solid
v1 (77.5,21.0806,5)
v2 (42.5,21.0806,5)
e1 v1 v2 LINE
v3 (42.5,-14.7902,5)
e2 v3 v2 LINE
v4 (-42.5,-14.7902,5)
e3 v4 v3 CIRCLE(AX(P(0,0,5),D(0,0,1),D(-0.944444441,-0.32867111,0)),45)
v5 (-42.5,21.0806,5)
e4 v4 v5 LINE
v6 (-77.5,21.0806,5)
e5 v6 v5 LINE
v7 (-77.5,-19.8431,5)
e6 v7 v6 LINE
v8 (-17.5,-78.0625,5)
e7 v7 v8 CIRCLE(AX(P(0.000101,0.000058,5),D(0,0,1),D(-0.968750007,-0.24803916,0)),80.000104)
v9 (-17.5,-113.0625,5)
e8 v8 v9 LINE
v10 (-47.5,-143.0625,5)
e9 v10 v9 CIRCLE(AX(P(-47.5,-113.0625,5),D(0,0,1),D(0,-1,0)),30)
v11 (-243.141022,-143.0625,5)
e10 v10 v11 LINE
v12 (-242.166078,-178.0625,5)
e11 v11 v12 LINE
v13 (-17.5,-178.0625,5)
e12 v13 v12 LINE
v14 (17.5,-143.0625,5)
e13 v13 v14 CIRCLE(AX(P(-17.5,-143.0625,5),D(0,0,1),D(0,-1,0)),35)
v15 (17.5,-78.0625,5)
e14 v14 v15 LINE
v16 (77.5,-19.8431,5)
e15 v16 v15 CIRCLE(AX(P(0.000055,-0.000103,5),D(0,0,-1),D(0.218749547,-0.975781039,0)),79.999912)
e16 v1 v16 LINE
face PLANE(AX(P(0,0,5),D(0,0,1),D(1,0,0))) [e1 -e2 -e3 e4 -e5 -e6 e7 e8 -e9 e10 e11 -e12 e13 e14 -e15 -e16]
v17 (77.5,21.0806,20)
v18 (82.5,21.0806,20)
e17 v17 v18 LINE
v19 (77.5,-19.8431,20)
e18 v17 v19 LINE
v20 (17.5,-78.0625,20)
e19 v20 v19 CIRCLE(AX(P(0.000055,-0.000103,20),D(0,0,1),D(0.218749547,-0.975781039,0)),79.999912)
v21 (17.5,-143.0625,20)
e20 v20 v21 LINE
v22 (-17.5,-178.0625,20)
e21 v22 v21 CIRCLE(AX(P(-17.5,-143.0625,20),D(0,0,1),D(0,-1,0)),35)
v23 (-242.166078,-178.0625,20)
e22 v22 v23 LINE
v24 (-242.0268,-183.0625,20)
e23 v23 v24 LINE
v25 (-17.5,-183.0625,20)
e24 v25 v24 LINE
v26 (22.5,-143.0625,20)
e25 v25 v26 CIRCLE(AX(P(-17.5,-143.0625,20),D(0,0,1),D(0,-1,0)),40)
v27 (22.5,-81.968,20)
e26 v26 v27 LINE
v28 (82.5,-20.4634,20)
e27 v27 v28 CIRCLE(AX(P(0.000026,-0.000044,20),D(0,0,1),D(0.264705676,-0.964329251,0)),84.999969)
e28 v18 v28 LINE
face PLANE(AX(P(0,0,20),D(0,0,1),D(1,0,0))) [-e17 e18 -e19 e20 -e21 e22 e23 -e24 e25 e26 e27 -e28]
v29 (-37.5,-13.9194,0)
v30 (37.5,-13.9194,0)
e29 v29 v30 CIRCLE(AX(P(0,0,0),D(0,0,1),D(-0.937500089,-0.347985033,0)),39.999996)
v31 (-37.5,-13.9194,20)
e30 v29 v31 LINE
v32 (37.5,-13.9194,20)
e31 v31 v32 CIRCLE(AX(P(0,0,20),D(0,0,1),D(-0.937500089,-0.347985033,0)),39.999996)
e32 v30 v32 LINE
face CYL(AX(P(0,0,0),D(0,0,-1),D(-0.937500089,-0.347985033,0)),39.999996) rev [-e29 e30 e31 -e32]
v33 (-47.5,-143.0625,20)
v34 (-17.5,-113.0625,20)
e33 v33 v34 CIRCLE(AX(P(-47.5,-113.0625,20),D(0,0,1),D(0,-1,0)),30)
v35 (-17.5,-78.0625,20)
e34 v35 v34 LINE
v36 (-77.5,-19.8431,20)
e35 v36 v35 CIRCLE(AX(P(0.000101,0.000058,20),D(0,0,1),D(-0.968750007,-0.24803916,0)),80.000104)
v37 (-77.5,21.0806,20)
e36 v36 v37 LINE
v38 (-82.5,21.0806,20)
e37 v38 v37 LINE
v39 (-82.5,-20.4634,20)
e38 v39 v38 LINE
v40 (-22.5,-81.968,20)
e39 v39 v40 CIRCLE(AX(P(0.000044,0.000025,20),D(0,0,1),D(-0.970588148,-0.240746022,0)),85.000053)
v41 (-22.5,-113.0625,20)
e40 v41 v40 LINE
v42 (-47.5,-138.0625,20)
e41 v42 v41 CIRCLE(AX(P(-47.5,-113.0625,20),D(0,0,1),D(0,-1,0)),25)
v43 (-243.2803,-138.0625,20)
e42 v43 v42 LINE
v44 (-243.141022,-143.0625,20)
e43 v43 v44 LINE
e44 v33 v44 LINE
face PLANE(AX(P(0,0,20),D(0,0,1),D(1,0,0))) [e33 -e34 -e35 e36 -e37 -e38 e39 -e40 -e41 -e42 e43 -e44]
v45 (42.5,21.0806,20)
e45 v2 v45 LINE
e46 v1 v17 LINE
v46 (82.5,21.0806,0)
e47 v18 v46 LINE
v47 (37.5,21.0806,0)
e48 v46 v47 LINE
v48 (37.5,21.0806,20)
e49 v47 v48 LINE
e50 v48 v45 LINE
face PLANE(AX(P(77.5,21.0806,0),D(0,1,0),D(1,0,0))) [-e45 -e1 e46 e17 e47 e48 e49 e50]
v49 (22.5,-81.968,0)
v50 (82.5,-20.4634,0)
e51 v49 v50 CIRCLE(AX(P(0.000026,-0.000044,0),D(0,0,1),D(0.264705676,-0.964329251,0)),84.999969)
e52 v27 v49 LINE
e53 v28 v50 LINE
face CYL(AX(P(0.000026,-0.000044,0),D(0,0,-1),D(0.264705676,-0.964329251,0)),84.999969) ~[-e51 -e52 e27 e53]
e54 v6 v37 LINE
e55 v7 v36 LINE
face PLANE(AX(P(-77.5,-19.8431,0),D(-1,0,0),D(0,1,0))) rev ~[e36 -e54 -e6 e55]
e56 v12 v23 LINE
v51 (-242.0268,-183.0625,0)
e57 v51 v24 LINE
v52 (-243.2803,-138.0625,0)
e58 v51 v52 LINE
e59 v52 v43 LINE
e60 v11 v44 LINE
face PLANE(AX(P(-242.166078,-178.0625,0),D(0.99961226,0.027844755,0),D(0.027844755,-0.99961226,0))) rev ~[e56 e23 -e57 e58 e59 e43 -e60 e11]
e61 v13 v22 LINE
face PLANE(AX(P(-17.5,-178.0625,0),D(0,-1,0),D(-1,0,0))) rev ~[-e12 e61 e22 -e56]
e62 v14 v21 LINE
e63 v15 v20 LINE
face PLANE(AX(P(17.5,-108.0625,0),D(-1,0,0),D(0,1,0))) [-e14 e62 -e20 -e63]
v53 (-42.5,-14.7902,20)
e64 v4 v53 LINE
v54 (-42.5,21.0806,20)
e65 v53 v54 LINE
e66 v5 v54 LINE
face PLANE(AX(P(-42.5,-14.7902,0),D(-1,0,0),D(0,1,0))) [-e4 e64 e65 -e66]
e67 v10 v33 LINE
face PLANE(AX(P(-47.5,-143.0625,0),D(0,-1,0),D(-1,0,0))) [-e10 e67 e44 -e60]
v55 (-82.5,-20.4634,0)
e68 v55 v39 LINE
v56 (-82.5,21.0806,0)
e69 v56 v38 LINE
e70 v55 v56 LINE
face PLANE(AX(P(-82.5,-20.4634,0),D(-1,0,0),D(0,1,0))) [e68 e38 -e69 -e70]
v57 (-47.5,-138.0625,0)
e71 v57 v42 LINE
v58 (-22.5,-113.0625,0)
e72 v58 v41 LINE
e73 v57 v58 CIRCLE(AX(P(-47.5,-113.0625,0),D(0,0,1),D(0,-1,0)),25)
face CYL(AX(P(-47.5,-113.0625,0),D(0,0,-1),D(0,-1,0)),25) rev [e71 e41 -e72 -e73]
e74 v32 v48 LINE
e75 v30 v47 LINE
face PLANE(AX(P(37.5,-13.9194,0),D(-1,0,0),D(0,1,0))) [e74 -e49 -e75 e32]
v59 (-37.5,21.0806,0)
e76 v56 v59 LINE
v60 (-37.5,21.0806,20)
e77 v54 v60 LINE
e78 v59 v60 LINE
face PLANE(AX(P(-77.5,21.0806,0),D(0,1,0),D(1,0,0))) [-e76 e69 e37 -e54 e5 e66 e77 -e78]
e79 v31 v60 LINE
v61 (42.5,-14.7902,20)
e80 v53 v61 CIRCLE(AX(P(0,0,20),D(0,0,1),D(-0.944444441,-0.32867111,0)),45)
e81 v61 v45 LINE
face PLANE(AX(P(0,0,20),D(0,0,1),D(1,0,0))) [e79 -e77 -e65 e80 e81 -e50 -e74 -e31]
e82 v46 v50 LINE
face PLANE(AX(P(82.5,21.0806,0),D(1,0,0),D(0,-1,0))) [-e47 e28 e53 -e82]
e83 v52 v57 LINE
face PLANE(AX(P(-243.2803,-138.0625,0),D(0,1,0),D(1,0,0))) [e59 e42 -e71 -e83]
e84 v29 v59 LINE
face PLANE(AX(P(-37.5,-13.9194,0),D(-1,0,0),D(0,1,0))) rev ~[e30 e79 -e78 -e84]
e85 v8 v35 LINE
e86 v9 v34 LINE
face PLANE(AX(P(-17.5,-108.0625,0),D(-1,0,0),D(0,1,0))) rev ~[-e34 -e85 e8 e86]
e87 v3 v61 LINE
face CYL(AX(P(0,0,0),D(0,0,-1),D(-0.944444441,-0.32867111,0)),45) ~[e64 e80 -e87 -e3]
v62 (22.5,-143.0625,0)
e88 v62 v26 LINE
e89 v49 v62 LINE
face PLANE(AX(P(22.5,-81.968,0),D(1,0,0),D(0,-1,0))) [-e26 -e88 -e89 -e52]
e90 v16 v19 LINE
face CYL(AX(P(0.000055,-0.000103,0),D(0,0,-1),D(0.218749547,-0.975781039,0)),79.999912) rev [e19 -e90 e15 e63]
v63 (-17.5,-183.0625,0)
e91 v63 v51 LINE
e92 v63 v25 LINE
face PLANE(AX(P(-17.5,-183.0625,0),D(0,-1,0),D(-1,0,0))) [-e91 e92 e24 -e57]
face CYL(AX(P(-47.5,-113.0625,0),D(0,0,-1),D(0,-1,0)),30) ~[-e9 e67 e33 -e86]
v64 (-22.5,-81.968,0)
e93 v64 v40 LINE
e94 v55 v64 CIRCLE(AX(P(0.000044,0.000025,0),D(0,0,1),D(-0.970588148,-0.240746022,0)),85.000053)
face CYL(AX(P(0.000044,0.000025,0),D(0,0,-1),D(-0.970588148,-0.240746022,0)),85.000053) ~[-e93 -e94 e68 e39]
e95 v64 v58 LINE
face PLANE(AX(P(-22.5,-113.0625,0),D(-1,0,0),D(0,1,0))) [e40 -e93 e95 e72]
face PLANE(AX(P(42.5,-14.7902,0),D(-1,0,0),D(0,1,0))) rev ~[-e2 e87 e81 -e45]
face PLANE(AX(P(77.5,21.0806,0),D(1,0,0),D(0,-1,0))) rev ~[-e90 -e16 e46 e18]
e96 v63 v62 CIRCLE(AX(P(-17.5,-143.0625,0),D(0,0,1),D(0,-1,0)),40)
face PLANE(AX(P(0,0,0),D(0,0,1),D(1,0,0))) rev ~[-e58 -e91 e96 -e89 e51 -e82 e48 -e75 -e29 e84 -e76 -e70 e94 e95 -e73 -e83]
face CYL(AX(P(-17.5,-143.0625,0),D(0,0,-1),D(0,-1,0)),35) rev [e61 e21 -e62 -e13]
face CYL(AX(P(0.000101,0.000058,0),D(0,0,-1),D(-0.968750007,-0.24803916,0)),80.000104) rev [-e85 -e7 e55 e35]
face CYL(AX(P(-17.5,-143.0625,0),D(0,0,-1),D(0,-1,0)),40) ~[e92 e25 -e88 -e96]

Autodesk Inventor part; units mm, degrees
ref_plane "YZ Plane" through (0, 0, 0) normal (1, 0, 0) x (0, 1, 0)
ref_plane "XZ Plane" through (0, 0, 0) normal (0, 1, 0) x (-1, 0, 0)
ref_plane "XY Plane" through (0, 0, 0) normal (0, 0, 1) x (1, 0, 0)
sketch "Sketch1" plane through (0, 0, 0) normal (0, 0, 1) x (1, 0, 0)
  arc A0 (-37.5, -13.9194) -> (37.5, -13.9194) centre (0, 0) ccw
  line L0 (-37.5, -13.9194) -> (-37.5, 21.0806)
  line L1 (37.5, -13.9194) -> (37.5, 21.0806)
  arc A1 (-42.5, -14.7902) -> (42.5, -14.7902) centre (0, 0) ccw
  line L2 (-42.5, -14.7902) -> (-42.5, 21.0806)
  line L3 (42.5, -14.7902) -> (42.5, 21.0806)
  line L4 (77.5, 21.0806) -> (77.5, -19.8431)
  line L5 (-77.5, -19.8431) -> (-77.5, 21.0806)
  line L6 (82.5, 21.0806) -> (82.5, -20.4634)
  line L7 (-82.5, -20.4634) -> (-82.5, 21.0806)
  line L8 (17.5, -113.0625) -> (17.5, -78.0625)
  line L9 (-17.5, -113.0625) -> (-17.5, -78.0625)
  line L10 (22.5, -81.968) -> (22.5, -108.0625)
  line L11 (-22.5, -108.0625) -> (-22.5, -81.968)
  line L12 (22.5, -108.0625) -> (17.5, -108.0625)
  arc A2 (-77.5, -19.8431) -> (-17.5, -78.0625) centre (0, 0) ccw
  arc A3 (17.5, -78.0625) -> (77.5, -19.8431) centre (0, 0) ccw
  arc A4 (-82.5, -20.4634) -> (-22.5, -81.968) centre (0, 0) ccw
  arc A5 (22.5, -81.968) -> (82.5, -20.4634) centre (0, 0) ccw
  line L13 (-17.5, -113.0625) -> (-17.5, -108.0625)
  line L14 (17.5, -113.0625) -> (17.5, -108.0625)
  line L15 (-82.5, 21.0806) -> (-77.5, 21.0806)
  line L16 (-42.5, 21.0806) -> (-37.5, 21.0806)
  line L17 (37.5, 21.0806) -> (42.5, 21.0806)
  line L18 (77.5, 21.0806) -> (82.5, 21.0806)
  line L19 (-22.5, -13.9194) -> (-17.5, -13.9194)
  line L20 (17.5, -13.9194) -> (22.5, -13.9194)
  line L21 (-77.5, 21.0806) -> (82.5, 21.0806)
  line L22 (1.8649, -108.0625) -> (17.5, -108.0625)
  line L23 (22.5, -108.0625) -> (22.5, -143.0625)
  line L24 (17.5, -143.0625) -> (17.5, -108.0625)
  line L25 (-17.5, -108.0625) -> (-17.5, -113.0625)
  line L26 (22.5, -178.0625) -> (22.5, -178.0625)
  line L27 (-17.5, -183.0625) -> (-287.4597, -183.0625)
  line L28 (-17.5, -178.0625) -> (-287.099, -178.0625)
  line L29 (-287.4597, -138.0625) -> (-47.5, -138.0625)
  line L30 (-22.5, -113.0625) -> (-22.5, -108.0625)
  line L31 (-287.4597, -183.0625) -> (-287.4597, -138.0625)
  line L32 (-17.5, -78.0625) -> (17.5, -78.0625)
  line L33 (-243.2803, -138.0625) -> (-242.0268, -183.0625)
  arc A6 (-17.5, -178.0625) -> (17.5, -143.0625) centre (-17.5, -143.0625) ccw
  arc A7 (-17.5, -183.0625) -> (22.5, -143.0625) centre (-17.5, -143.0625) ccw
  arc A8 (-47.5, -143.0625) -> (-17.5, -113.0625) centre (-47.5, -113.0625) ccw
  arc A9 (-47.5, -138.0625) -> (-22.5, -113.0625) centre (-47.5, -113.0625) ccw
  line L34 (-47.5, -143.0625) -> (-287.4597, -143.0625)
  line L35 (-22.5, -113.0625) -> (-22.5, -108.0625)
  point P0 (-42.5, 21.0806)
  point P1 (77.5, 21.0806)
  point P2 (42.5, 21.0806)
  point P3 (17.5, -162.4274)
  point P4 (-287.5, -178.0625)
  point P5 (37.5, 21.0806)
  point P6 (-243.1411, -143.0625)
  point P7 (-242.1661, -178.0625)
  dimension "d0" = 75
  dimension "d1" = 40
  dimension "d2" = 35
  dimension "d3" = 35
  dimension "d4" = 5
  dimension "d5" = 5
  dimension "d6" = 5
  dimension "d9" = 35
  dimension "d10" = 20
  dimension "d11" = 5
  dimension "d12" = 0
  dimension "d13" = 0
  dimension "d14" = 5
  dimension "d21" = 35
  dimension "d22" = 310
  dimension "d23" = 305
  dimension "d24" = 5
  dimension "d31" = 100
  dimension "d32" = 85
  dimension "d33" = 80
  dimension "d34" = 78.0625
  dimension "d37" = 5
extrude "Extrusion1" add sketch "Sketch1" along normal blind 20 contours A0 L1 L17 L3 A1 L2 L16 L0 | L5 A2 L9 A8 L34 L33 L29 A9 L30 L11 A4 L7 L15 | L18 L6 A5 L10 L12 L8 A3 L4 | L12 L23 A7 L27 L33 L28 A6 L24 L8
extrude "Extrusion2" add sketch "Sketch1" along normal blind 5 contours L2 A1 L3 L21 L4 A3 L32 A2 L5 | L18 L6 A5 L10 L12 L8 A3 L4 | L32 L8 L24 A6 L28 L33 L34 A8 L9
extrude "Extrusion3" cut sketch "Sketch1" along normal through all both and the other way through all contours L34 L31 L29 L33 | L33 L27 L31 L34
equation "\"d3\" = d2"
properties part number "storrageout"
